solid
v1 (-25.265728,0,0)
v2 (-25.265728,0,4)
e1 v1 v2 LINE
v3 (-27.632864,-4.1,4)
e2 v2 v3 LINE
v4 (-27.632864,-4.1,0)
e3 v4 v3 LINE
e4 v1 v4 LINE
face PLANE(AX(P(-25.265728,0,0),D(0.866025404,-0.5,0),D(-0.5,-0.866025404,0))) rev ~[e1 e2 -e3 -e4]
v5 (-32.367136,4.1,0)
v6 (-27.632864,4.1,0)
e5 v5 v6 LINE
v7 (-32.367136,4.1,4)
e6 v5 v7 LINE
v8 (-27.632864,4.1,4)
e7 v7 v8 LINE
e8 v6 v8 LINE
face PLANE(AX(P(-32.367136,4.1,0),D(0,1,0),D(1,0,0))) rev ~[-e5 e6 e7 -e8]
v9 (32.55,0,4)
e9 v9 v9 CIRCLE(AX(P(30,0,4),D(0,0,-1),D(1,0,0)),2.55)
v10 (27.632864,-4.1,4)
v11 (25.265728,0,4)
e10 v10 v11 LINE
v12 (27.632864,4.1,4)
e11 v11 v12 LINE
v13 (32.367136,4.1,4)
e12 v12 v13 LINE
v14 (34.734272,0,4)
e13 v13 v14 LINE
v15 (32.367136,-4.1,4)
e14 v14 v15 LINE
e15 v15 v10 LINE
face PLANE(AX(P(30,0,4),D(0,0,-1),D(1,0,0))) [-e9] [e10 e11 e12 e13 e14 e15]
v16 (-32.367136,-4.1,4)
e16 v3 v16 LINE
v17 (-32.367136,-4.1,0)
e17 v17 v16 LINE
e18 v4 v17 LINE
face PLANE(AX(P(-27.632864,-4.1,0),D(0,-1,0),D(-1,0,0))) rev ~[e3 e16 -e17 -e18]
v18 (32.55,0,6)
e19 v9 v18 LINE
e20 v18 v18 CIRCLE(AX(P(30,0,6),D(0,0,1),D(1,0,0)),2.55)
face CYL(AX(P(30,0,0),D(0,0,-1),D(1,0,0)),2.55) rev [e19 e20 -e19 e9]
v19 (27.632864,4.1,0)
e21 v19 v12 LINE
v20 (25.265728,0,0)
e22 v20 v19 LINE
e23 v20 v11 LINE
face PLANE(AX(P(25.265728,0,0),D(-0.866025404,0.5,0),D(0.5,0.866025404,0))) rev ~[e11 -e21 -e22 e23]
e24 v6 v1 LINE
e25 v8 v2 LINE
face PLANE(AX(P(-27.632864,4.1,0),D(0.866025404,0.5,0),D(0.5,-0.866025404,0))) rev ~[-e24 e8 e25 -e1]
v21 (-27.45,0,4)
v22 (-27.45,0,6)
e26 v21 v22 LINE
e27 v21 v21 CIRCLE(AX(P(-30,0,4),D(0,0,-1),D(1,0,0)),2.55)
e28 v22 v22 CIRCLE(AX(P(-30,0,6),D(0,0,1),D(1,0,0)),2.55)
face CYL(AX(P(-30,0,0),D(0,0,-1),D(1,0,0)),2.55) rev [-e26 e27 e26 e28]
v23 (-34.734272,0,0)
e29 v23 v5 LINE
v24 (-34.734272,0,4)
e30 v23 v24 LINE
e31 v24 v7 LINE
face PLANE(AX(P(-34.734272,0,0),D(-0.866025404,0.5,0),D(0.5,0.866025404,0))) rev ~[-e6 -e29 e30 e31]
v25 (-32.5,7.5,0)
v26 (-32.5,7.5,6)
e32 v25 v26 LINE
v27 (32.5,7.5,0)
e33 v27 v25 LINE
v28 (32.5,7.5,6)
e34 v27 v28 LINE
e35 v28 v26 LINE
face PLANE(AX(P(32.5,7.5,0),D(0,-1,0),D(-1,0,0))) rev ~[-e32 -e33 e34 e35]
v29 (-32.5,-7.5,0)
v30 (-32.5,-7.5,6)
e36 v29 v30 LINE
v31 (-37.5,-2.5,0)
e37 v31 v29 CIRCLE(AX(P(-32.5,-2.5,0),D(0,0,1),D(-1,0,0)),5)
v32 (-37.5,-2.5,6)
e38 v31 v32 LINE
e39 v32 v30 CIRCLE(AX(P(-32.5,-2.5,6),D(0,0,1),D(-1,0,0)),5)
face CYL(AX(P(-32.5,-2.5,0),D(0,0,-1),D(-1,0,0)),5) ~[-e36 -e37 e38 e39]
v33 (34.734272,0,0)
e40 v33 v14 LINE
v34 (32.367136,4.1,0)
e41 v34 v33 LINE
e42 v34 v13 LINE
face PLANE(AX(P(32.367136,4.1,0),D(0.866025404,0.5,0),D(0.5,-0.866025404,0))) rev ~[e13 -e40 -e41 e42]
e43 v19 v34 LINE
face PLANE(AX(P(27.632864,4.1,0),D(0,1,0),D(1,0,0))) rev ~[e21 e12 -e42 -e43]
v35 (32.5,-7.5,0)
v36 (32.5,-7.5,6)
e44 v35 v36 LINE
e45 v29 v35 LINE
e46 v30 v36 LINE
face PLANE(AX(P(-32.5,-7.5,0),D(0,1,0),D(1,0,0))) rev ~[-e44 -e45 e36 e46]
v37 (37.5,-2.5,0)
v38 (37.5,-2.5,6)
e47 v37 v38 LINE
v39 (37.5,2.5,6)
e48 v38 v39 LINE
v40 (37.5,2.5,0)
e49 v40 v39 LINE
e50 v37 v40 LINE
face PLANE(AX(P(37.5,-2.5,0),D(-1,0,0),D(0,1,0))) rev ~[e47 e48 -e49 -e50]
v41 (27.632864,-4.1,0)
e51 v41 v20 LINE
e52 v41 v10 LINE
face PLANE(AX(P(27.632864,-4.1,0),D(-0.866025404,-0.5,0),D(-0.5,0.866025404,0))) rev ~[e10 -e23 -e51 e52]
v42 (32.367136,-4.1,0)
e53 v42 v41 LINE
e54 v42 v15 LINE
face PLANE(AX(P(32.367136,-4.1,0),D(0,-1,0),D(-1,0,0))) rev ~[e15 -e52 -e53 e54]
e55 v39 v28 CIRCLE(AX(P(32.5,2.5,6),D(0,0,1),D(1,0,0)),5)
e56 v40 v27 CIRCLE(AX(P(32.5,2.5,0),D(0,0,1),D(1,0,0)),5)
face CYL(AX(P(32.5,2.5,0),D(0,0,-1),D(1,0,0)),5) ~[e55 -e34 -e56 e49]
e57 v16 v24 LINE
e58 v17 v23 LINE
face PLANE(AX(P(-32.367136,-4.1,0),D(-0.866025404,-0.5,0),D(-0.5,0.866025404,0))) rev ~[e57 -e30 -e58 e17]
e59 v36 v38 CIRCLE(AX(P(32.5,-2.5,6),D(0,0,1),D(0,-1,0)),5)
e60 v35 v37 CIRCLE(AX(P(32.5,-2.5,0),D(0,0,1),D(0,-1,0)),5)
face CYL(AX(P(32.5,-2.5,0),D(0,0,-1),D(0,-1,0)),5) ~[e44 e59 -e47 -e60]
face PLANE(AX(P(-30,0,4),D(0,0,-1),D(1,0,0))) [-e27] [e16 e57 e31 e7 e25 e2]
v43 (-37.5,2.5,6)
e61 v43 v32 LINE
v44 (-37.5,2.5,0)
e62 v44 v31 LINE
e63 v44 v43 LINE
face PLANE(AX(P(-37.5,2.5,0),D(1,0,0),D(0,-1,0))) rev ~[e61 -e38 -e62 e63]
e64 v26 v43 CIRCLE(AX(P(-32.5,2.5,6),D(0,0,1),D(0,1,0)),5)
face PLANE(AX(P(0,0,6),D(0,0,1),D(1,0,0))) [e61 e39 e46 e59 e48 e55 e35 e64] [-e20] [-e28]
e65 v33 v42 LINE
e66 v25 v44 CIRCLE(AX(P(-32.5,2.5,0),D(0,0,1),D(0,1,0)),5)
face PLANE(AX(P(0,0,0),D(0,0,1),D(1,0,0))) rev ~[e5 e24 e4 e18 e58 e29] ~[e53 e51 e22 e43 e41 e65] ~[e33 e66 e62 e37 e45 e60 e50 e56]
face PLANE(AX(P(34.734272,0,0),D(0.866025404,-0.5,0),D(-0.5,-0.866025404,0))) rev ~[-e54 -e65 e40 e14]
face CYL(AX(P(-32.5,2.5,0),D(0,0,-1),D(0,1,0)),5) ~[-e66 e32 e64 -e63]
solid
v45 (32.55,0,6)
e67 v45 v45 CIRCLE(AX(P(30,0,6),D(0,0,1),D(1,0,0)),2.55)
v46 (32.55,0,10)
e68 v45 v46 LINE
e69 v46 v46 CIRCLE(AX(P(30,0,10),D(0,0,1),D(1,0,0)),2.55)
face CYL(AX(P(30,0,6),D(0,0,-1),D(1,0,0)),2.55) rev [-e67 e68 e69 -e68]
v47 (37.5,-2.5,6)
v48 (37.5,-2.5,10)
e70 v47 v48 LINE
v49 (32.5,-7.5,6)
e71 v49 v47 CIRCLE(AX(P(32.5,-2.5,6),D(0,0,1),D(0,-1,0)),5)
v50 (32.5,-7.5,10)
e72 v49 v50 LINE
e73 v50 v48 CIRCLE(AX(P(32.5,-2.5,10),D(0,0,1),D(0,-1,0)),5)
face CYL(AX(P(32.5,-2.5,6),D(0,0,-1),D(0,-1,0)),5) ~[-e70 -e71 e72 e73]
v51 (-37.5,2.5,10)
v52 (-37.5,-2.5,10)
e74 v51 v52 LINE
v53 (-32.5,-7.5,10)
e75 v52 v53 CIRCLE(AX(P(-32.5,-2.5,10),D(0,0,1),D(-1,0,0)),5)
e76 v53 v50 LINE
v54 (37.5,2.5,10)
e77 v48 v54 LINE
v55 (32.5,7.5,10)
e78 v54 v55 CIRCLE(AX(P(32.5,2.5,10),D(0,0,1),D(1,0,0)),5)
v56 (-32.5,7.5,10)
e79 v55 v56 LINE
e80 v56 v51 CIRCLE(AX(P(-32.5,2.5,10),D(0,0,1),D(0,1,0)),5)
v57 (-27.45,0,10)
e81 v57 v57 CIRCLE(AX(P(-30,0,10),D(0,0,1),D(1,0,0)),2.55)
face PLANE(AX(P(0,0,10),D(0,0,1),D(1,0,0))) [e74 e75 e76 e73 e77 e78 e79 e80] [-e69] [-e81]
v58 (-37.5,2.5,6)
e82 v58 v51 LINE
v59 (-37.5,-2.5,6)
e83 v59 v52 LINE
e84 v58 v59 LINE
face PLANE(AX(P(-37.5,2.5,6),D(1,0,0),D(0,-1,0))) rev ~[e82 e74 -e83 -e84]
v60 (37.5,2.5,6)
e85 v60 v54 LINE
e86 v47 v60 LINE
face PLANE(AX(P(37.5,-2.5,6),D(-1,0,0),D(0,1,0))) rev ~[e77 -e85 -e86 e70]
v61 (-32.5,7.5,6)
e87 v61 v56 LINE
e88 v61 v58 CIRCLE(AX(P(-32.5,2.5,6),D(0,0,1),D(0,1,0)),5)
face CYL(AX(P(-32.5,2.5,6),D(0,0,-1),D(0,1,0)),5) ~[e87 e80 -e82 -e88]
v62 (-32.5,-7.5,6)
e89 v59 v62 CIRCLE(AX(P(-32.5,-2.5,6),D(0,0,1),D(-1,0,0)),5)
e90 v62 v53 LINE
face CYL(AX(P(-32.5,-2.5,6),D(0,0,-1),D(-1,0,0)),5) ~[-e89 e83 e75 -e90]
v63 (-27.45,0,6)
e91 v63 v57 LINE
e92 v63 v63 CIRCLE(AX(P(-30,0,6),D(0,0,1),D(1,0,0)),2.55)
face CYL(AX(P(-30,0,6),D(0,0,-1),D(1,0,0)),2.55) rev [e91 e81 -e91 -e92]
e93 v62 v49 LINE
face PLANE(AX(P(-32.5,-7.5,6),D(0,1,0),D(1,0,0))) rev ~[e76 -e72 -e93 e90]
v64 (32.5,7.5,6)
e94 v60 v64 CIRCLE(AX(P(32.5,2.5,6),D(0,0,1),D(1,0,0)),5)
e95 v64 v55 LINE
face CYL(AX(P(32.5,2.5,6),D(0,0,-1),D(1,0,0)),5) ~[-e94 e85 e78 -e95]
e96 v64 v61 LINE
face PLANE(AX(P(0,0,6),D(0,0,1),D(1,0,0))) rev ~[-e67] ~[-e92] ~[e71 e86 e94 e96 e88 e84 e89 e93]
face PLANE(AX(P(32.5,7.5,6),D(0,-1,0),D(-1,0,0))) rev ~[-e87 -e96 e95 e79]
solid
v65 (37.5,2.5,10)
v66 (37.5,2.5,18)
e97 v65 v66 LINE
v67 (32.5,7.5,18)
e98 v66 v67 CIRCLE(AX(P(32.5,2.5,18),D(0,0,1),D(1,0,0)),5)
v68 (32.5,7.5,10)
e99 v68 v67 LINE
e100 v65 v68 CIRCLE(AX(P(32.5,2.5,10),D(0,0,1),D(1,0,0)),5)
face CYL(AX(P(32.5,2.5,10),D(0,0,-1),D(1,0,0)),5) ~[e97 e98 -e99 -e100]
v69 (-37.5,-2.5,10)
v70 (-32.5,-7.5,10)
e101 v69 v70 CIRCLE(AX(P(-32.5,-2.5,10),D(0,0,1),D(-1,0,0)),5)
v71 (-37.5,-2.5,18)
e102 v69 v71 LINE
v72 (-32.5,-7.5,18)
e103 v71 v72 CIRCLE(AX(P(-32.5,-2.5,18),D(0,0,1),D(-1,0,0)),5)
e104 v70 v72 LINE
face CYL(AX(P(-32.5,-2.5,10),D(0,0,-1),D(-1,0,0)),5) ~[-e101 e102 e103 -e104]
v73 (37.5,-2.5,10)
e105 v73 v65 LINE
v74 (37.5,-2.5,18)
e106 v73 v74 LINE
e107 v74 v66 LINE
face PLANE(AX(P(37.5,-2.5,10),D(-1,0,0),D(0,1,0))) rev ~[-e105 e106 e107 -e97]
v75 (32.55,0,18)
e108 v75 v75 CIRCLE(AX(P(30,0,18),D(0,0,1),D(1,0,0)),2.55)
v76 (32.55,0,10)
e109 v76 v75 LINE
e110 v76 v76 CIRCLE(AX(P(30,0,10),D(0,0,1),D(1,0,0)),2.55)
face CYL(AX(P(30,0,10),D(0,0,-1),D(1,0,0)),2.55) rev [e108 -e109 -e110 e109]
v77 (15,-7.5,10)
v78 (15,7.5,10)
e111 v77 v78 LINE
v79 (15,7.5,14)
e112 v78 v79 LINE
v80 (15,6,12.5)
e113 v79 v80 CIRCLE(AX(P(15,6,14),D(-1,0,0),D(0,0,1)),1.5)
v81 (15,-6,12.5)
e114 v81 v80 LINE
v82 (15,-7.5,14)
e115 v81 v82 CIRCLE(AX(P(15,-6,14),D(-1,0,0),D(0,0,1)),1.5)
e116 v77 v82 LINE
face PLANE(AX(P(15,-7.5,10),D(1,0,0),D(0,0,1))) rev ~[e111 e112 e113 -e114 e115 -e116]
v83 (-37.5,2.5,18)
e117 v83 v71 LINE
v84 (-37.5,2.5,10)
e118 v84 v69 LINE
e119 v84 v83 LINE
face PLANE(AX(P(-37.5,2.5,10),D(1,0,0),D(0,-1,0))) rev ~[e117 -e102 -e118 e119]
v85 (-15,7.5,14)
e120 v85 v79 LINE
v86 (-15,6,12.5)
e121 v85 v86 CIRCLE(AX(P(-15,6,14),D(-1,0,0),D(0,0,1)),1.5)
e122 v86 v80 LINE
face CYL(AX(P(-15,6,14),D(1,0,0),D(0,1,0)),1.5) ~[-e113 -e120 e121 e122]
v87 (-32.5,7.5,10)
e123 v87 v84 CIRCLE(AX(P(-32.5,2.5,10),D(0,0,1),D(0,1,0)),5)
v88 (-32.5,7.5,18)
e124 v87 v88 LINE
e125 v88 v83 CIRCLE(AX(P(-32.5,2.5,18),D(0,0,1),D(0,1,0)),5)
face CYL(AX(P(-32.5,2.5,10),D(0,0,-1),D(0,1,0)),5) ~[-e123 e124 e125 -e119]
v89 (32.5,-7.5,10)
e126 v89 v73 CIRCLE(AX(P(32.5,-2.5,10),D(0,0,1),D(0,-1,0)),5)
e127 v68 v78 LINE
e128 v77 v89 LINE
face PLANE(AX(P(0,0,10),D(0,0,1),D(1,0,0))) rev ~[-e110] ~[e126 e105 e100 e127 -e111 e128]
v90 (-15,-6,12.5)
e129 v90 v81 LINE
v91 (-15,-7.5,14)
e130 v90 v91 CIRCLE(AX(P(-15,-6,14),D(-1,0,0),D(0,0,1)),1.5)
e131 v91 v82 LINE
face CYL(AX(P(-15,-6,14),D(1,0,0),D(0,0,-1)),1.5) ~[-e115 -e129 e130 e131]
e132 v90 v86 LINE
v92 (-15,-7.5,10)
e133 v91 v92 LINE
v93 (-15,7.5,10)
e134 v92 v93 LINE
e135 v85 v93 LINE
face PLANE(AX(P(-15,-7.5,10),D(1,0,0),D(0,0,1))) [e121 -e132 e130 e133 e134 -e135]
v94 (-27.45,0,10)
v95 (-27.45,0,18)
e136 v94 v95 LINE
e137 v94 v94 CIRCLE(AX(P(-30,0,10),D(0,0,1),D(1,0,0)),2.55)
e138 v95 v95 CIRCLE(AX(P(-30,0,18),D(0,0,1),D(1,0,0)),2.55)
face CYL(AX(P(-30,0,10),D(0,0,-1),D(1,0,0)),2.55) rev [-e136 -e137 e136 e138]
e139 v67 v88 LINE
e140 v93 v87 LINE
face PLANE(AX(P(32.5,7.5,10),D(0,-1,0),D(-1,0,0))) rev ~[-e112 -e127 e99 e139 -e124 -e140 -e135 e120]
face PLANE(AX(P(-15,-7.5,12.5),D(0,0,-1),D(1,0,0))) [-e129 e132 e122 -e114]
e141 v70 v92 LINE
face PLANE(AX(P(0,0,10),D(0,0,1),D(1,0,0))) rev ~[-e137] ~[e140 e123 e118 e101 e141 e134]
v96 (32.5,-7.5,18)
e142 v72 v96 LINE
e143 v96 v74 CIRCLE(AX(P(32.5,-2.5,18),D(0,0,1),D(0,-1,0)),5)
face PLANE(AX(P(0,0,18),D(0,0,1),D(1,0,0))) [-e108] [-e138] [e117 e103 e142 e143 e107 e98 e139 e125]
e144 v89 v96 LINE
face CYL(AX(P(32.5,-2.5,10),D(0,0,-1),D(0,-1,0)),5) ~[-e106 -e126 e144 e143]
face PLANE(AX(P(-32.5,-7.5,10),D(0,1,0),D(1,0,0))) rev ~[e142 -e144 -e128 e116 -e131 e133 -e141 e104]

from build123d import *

# Parameters (mm, degrees)
F0_R     = 2.55
F1_DEPTH = 6
F3_DEPTH = 4
F4_R     = 2.55
F5_DEPTH = 4
F6_R     = 2.55
F7_DEPTH = 8
F8_W     = 30
F8_H     = 2.5
F9_DEPTH = 15.001
F10_R    = 1.5


with BuildPart() as f1:
    # F0 (on Top) → F1 (new body)
    with BuildSketch(Plane.XY):
        with BuildLine():
            Line((-32.5, -7.5), (32.5, -7.5))
            ThreePointArc((32.5, -7.5), (36.0355339059, -6.0355339059), (37.5, -2.5))
            Line((37.5, -2.5), (37.5, 2.5))
            ThreePointArc((37.5, 2.5), (36.0355339059, 6.0355339059), (32.5, 7.5))
            Line((32.5, 7.5), (-32.5, 7.5))
            ThreePointArc((-32.5, 7.5), (-36.0355339059, 6.0355339059), (-37.5, 2.5))
            Line((-37.5, 2.5), (-37.5, -2.5))
            ThreePointArc((-37.5, -2.5), (-36.0355339059, -6.0355339059), (-32.5, -7.5))
        make_face()
        with Locations((-30, 0)):
            Circle(F0_R, mode=Mode.SUBTRACT)
        with Locations((30, 0)):
            Circle(F0_R, mode=Mode.SUBTRACT)
    extrude(amount=F1_DEPTH)

    # F2 (on face) → F3 (cut)
    with BuildSketch(Plane(origin=(0, 0, 0), x_dir=(1, 0, 0), z_dir=(0, 0, -1))):
        Polygon((-32.3671361037, -4.1), (-27.6328638963, -4.1), (-25.2657277926, 0), (-27.6328638963, 4.1), (-32.3671361037, 4.1), (-34.7342722074, 0), align=None)
        Polygon((27.6328638963, -4.1), (32.3671361037, -4.1), (34.7342722074, 0), (32.3671361037, 4.1), (27.6328638963, 4.1), (25.2657277926, 0), align=None)
    extrude(amount=-F3_DEPTH, mode=Mode.SUBTRACT)


with BuildPart() as f5:
    # F4 (on face) → F5 (new body)
    with BuildSketch(Plane.XY.offset(6)):
        with BuildLine():
            Line((-32.5, -7.5), (32.5, -7.5))
            ThreePointArc((32.5, -7.5), (36.0355339059, -6.0355339059), (37.5, -2.5))
            Line((37.5, -2.5), (37.5, 2.5))
            ThreePointArc((37.5, 2.5), (36.0355339059, 6.0355339059), (32.5, 7.5))
            Line((32.5, 7.5), (-32.5, 7.5))
            ThreePointArc((-32.5, 7.5), (-36.0355339059, 6.0355339059), (-37.5, 2.5))
            Line((-37.5, 2.5), (-37.5, -2.5))
            ThreePointArc((-37.5, -2.5), (-36.0355339059, -6.0355339059), (-32.5, -7.5))
        make_face()
        with Locations((-30, 0)):
            Circle(F4_R, mode=Mode.SUBTRACT)
        with Locations((30, 0)):
            Circle(F4_R, mode=Mode.SUBTRACT)
    extrude(amount=F5_DEPTH)


with BuildPart() as f7:
    # F6 (on face) → F7 (new body)
    with BuildSketch(Plane.XY.offset(10)):
        with BuildLine():
            ThreePointArc((37.5, 2.5), (36.0355339059, 6.0355339059), (32.5, 7.5))
            Line((32.5, 7.5), (-32.5, 7.5))
            ThreePointArc((-32.5, 7.5), (-36.0355339059, 6.0355339059), (-37.5, 2.5))
            Line((-37.5, 2.5), (-37.5, -2.5))
            ThreePointArc((-37.5, -2.5), (-36.0355339059, -6.0355339059), (-32.5, -7.5))
            Line((-32.5, -7.5), (32.5, -7.5))
            ThreePointArc((32.5, -7.5), (36.0355339059, -6.0355339059), (37.5, -2.5))
            Line((37.5, -2.5), (37.5, 2.5))
        make_face()
        with Locations((-30, 0)):
            Circle(F6_R, mode=Mode.SUBTRACT)
        with Locations((30, 0)):
            Circle(F6_R, mode=Mode.SUBTRACT)
    extrude(amount=F7_DEPTH)

    # F8 (on face) → F9 (cut, through all)
    with BuildSketch(Plane.XZ.offset(7.5)):
        with Locations((0, 11.25)):
            Rectangle(F8_W, F8_H)
    extrude(amount=-F9_DEPTH, mode=Mode.SUBTRACT)

    # F10
    f10_edges = [f7.edges().sort_by_distance(p)[0] for p in [
        (0, 7.5, 12.5),
        (0, -7.5, 12.5),
    ]]
    fillet(f10_edges, radius=F10_R)


solid = Compound([f1.part, f5.part, f7.part])
